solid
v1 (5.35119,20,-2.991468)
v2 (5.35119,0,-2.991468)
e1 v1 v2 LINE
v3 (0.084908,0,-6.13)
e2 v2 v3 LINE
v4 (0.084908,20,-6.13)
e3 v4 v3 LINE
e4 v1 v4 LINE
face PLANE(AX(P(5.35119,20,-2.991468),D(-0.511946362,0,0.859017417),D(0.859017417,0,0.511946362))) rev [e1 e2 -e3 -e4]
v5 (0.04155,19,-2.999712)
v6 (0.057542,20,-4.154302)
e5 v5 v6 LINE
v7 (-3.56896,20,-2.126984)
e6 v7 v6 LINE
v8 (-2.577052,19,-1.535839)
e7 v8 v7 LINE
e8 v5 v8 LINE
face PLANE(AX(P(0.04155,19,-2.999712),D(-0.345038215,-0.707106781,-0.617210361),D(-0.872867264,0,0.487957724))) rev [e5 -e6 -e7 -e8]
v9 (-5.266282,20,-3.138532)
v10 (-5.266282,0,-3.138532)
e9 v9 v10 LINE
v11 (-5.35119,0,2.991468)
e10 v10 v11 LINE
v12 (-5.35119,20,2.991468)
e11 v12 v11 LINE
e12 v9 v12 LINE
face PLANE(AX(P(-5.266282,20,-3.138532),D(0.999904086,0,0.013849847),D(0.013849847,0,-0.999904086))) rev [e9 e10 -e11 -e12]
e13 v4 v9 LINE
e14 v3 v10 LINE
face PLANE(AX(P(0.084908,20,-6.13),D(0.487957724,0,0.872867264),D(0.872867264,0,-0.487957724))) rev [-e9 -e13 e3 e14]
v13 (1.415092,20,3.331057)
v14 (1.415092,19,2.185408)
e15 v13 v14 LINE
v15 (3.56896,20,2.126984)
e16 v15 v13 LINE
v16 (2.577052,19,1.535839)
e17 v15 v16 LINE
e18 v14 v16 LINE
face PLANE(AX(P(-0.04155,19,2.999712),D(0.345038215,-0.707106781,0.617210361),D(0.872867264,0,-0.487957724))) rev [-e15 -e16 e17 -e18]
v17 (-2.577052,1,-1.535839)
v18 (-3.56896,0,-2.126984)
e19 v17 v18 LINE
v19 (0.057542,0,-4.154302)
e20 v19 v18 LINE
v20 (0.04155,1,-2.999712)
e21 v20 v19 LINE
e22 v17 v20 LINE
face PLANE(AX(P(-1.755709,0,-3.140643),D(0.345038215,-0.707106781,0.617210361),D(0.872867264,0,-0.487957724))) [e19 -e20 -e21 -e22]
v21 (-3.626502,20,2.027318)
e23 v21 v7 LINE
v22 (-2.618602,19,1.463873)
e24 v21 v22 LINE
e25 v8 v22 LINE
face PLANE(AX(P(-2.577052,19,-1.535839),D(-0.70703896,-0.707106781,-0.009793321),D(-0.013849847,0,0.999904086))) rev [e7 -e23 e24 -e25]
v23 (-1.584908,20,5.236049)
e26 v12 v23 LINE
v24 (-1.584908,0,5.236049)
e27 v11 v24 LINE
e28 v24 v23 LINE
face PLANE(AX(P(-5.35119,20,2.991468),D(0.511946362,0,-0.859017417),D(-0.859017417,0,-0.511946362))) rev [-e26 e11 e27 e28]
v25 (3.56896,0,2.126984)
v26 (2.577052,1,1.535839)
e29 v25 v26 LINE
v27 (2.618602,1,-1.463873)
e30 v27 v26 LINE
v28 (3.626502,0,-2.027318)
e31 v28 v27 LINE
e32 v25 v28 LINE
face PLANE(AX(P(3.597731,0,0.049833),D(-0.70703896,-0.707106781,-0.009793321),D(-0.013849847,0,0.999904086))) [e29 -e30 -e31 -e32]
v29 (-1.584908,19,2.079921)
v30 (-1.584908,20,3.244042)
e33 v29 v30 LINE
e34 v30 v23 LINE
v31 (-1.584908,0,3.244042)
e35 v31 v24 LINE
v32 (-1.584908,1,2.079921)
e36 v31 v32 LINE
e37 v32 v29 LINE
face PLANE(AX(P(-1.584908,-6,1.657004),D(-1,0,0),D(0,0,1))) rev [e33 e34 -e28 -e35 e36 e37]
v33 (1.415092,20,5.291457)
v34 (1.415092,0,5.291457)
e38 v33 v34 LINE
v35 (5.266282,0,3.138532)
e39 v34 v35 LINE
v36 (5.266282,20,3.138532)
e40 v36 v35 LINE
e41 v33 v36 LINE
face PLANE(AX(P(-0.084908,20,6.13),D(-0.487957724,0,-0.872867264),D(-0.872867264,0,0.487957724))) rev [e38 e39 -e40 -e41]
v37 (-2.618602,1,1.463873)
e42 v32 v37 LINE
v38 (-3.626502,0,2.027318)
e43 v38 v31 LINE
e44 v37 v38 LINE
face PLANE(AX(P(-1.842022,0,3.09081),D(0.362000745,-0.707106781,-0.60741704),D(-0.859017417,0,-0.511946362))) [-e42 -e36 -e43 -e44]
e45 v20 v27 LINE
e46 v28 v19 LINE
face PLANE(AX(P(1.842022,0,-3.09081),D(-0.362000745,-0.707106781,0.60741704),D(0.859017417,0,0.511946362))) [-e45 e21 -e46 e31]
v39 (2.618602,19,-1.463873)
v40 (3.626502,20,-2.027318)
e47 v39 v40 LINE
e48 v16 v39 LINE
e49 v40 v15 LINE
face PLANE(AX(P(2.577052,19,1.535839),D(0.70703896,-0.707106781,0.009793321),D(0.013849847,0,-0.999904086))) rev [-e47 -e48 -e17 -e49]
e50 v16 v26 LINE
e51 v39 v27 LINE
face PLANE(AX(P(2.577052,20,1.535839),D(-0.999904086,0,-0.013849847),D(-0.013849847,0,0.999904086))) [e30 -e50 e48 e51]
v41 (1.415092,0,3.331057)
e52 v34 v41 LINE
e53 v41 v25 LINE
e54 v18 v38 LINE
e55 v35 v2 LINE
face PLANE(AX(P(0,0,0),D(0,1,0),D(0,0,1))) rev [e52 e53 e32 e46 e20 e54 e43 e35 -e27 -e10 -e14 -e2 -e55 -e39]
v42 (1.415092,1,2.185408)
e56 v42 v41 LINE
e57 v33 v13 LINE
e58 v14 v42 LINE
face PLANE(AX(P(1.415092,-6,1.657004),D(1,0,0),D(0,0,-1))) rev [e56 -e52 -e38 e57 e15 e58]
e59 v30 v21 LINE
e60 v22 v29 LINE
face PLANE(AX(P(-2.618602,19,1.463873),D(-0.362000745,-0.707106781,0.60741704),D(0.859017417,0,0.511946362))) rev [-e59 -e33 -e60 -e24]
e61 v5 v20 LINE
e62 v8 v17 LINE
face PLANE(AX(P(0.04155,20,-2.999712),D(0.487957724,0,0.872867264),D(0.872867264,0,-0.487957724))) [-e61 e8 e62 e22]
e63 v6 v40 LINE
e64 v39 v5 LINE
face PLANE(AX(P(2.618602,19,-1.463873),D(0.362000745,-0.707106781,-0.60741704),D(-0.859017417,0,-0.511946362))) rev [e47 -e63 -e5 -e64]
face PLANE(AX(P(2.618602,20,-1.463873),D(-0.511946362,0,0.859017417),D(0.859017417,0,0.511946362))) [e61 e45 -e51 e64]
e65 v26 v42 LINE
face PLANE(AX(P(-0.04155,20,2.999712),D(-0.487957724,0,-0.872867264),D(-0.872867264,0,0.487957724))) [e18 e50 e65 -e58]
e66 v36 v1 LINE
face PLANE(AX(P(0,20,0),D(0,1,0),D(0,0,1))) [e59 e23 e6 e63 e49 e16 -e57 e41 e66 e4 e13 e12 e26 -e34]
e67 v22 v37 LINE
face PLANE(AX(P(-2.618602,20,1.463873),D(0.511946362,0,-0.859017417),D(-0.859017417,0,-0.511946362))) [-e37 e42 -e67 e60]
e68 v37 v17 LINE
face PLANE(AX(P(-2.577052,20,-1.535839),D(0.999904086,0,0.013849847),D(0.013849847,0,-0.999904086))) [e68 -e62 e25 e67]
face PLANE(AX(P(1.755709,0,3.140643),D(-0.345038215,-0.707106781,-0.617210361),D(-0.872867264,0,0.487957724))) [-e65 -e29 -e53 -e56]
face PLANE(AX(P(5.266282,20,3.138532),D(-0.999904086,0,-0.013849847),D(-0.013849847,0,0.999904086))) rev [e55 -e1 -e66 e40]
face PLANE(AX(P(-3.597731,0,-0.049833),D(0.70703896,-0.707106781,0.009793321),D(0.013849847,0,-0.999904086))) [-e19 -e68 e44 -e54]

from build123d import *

# Parameters (mm, degrees)
BOSS_EXTRUDE1_DEPTH = 20
CHAMFER1_SIZE       = 1
SKETCH2_W           = 3
SKETCH2_H           = 5.519803574
CUT_EXTRUDE1_DEPTH  = 26


with BuildPart() as part:
    # Sketch1 → Boss-Extrude1 (new body)
    with BuildSketch(Plane(origin=(0, 0, 0), x_dir=(1, 0, 0), z_dir=(0, 1, 0))):
        Polygon((0.084907706, 6.13), (-5.266281872, 3.13853223), (-5.351189578, -2.99146777), (-0.084907706, -6.13), (5.266281872, -3.13853223), (5.351189578, 2.99146777), align=None)
        Polygon((0.041549541, 2.999712259), (-2.57705225, 1.535839087), (-2.618601791, -1.463873171), (-0.041549541, -2.999712259), (2.57705225, -1.535839087), (2.618601791, 1.463873171), align=None, mode=Mode.SUBTRACT)
    extrude(amount=BOSS_EXTRUDE1_DEPTH)

    # Chamfer1
    chamfer1_edges = [part.edges().sort_by_distance(p)[0] for p in [
        (1.330075666, 0, -2.231792715),
        (-1.267751354, 0, -2.267775673),
        (-2.59782702, 0, -0.035982958),
        (-1.330075666, 0, 2.231792715),
        (1.267751354, 0, 2.267775673),
        (2.59782702, 0, 0.035982958),
        (1.330075666, 20, -2.231792715),
        (-1.267751354, 20, -2.267775673),
        (-2.59782702, 20, -0.035982958),
        (-1.330075666, 20, 2.231792715),
        (1.267751354, 20, 2.267775673),
        (2.59782702, 20, 0.035982958),
    ]]
    chamfer(chamfer1_edges, length=CHAMFER1_SIZE)

    # Sketch2 → Cut-Extrude1 (cut)
    with BuildSketch(Plane(origin=(0, 20, 0), x_dir=(1, 0, 0), z_dir=(0, 1, 0))):
        with Locations((-0.084907706, -4.416905982)):
            Rectangle(SKETCH2_W, SKETCH2_H)
    extrude(amount=-CUT_EXTRUDE1_DEPTH, mode=Mode.SUBTRACT)


solid = part.part
